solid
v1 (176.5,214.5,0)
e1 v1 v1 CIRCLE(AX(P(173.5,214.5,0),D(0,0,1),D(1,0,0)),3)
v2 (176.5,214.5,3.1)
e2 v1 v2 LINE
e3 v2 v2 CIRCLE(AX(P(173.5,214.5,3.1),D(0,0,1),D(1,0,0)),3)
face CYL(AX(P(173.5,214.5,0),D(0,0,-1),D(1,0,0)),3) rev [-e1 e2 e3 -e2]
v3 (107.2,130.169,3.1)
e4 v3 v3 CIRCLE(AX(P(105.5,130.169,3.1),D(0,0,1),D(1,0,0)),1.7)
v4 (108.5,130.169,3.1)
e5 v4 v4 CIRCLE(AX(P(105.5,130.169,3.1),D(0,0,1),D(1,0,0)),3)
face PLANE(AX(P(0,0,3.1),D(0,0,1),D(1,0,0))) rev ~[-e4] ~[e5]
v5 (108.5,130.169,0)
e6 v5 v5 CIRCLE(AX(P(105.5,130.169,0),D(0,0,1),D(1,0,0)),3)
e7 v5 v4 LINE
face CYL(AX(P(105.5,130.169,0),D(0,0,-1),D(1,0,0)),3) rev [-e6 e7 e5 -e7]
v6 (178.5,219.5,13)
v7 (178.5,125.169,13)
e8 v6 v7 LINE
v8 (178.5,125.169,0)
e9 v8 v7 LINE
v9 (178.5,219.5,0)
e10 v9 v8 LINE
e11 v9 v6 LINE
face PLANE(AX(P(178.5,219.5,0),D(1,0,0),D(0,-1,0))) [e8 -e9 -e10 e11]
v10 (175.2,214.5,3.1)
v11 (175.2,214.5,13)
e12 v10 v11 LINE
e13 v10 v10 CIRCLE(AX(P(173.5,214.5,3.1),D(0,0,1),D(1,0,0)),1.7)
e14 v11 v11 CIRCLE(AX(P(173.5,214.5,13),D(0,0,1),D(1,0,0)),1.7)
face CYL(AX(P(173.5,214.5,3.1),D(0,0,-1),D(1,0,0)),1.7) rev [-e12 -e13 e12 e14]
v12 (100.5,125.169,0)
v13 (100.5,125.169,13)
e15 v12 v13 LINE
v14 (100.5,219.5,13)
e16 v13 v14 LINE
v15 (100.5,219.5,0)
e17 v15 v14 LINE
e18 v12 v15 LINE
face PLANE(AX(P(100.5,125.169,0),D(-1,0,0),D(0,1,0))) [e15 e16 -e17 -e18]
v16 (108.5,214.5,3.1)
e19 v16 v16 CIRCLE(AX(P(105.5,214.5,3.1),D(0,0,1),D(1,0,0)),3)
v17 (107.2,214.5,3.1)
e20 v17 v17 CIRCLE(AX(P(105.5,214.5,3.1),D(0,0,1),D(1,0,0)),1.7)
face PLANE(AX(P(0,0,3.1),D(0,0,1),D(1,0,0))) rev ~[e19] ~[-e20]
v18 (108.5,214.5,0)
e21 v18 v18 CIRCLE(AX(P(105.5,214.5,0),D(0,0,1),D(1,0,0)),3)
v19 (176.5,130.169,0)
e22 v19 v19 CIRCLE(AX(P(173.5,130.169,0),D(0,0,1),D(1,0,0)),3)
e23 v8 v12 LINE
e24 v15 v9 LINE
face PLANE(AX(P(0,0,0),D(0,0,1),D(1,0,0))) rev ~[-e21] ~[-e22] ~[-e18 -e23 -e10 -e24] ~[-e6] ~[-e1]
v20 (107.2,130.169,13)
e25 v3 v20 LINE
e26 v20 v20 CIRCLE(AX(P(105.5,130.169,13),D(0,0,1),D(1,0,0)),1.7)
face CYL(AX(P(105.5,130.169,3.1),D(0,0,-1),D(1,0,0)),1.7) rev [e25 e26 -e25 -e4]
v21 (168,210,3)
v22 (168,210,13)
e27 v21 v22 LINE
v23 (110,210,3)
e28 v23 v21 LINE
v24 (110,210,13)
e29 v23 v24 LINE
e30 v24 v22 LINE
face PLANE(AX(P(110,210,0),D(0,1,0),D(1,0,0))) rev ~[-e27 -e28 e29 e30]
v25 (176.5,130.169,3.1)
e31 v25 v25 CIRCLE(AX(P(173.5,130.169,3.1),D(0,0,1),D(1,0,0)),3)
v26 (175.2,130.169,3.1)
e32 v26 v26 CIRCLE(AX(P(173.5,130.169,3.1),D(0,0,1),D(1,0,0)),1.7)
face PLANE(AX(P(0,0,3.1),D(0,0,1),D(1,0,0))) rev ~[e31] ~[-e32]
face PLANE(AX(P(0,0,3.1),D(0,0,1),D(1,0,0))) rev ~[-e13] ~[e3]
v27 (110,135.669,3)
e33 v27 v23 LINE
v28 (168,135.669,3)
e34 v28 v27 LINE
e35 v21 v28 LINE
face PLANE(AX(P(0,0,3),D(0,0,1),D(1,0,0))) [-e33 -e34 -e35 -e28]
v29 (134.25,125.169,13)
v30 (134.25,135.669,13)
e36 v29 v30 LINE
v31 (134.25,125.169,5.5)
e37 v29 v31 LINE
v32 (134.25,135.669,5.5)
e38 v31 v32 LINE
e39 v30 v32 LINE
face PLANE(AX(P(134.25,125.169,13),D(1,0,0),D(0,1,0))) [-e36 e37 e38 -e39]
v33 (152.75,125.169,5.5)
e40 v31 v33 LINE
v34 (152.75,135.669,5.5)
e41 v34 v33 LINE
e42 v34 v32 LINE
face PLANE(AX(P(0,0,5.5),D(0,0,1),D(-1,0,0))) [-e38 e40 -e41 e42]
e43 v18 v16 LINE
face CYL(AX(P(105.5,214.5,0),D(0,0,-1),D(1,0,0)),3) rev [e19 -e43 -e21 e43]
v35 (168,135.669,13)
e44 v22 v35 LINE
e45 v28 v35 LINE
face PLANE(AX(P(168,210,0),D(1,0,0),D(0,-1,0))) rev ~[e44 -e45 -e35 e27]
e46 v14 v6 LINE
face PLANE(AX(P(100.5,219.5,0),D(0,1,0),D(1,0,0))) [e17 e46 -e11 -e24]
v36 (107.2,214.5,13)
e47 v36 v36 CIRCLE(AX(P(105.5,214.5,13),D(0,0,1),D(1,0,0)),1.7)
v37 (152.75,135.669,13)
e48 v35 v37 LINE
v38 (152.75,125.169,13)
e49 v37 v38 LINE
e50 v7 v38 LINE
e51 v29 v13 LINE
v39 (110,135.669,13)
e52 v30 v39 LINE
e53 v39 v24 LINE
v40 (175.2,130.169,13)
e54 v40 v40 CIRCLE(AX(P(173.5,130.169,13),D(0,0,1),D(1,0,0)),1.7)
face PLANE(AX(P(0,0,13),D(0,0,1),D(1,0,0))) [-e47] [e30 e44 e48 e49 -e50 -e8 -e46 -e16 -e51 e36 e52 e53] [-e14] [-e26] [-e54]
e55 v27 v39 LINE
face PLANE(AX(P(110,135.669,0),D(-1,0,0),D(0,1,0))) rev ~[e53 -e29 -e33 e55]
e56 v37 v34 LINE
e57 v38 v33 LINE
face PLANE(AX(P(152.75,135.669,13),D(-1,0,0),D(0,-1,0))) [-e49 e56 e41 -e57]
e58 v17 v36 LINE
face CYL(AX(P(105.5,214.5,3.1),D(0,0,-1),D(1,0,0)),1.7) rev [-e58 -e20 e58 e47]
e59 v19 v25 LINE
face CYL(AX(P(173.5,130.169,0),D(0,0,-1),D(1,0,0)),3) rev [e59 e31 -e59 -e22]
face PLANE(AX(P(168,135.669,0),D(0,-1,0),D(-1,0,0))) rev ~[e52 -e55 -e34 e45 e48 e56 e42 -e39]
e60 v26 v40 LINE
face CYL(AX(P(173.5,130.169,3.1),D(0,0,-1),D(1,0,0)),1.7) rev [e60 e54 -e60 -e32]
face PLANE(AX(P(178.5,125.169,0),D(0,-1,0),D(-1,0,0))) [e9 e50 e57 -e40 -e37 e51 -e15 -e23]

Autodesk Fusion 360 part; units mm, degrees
sketch "Sketch1" plane through (0, 0, 0) normal (0, 0, 1) x (1, 0, 0) in component "HackYeah (1)"
  line L0 (110, 210) -> (168, 210)
  line L1 (168, 210) -> (168, 135.669)
  line L2 (168, 135.669) -> (110, 135.669)
  line L3 (110, 135.669) -> (110, 210)
  line L4 (100.5, 219.5) -> (178.5, 219.5)
  line L5 (178.5, 219.5) -> (178.5, 125.169)
  line L6 (178.5, 125.169) -> (100.5, 125.169)
  line L7 (100.5, 125.169) -> (100.5, 219.5)
  circle A0 centre (105.5, 130.169) radius 1.7
  circle A1 centre (173.5, 130.169) radius 1.7
  circle A2 centre (105.5, 214.5) radius 1.7
  circle A3 centre (173.5, 214.5) radius 1.7
  circle A4 centre (105.5, 130.169) radius 3
  circle A5 centre (173.5, 130.169) radius 3
  circle A6 centre (105.5, 214.5) radius 3
  circle A7 centre (173.5, 214.5) radius 3
  dimension "d22" = 58
  dimension "d23" = 74.331
  dimension "d24" = 78
  dimension "d25" = 94.331
  dimension "d26" = 9.5
  dimension "d27" = 9.5
  dimension "d28" = 3.4
  dimension "d29" = 5
  dimension "d30" = 5
  dimension "d31" = 3.4
  dimension "d32" = 5
  dimension "d33" = 5
  dimension "d34" = 3.4
  dimension "d35" = 5
  dimension "d36" = 5
  dimension "d37" = 3.4
  dimension "d38" = 5
  dimension "d39" = 5
  dimension "d40" = 6
  dimension "d41" = 6
  dimension "d42" = 6
  dimension "d43" = 6
extrude "Extrude1" add sketch "Sketch1" along normal blind 9.9 from surface at 3.1 contours A4 | A5 | A6 | A7 makes body 1 at (102.7356, 213.3347, 9.7) makes body 2 at (108.2644, 131.3343, 9.7) makes body 3 at (171.4053, 212.3524, 9.7) makes body 4 at (176.2644, 131.3343, 9.7) in component "HackYeah (1)"
extrude "Extrude2" add sketch "Sketch1" along normal blind 13 contours L4 L5 L6 L7 bodies 1 2 3 4 in component "HackYeah (1)"
extrude "Extrude3" add sketch "Sketch1" along normal blind 3 contours L0 L1 L2 L3 bodies 1 in component "HackYeah (1)"
sketch "Sketch2" plane through (0, 0, 13) normal (0, 0, 1) x (-1, 0, 0) in component "HackYeah (1)"
  circle A0 centre (-105.5, -214.5) radius 1.7
  circle A1 centre (-173.5, -130.169) radius 1.7
  line L0 (-168, -135.669) -> (-110, -135.669)
  line L1 (-110, -135.669) -> (-110, -210)
  line L2 (-110, -210) -> (-168, -210)
  line L3 (-168, -210) -> (-168, -135.669)
  line L4 (-100.5, -125.169) -> (-178.5, -125.169)
  line L5 (-178.5, -125.169) -> (-178.5, -219.5)
  line L6 (-178.5, -219.5) -> (-100.5, -219.5)
  line L7 (-100.5, -219.5) -> (-100.5, -125.169)
  circle A2 centre (-105.5, -130.169) radius 1.7
  circle A3 centre (-173.5, -214.5) radius 1.7
  line L8 (24.854, 25.8508) -> (43.354, 25.8508)
  line L9 (43.354, 25.8508) -> (43.354, 16.3508)
  line L10 (43.354, 16.3508) -> (24.854, 16.3508)
  line L11 (24.854, 16.3508) -> (24.854, 25.8508)
  line L12 (-152.75, -125.169) -> (-134.25, -125.169)
  line L13 (-134.25, -125.169) -> (-134.25, -135.669)
  line L14 (-134.25, -135.669) -> (-152.75, -135.669)
  line L15 (-152.75, -135.669) -> (-152.75, -125.169)
  dimension "d51" = 18.5
  dimension "d52" = 9.5
  dimension "d53" = 18.5
  dimension "d54" = 10.5
  dimension "d55" = 25.75
extrude "Extrude4" cut sketch "Sketch2" against normal blind 7.5 contours L0 L4 L12 L13 L14 L15 bodies 1 in component "HackYeah (1)"
component "HackYeah (1)" placed x (1, 0, 0) y (0, 1, 0) z (0, 0, 1) at (0, 0, 0)
